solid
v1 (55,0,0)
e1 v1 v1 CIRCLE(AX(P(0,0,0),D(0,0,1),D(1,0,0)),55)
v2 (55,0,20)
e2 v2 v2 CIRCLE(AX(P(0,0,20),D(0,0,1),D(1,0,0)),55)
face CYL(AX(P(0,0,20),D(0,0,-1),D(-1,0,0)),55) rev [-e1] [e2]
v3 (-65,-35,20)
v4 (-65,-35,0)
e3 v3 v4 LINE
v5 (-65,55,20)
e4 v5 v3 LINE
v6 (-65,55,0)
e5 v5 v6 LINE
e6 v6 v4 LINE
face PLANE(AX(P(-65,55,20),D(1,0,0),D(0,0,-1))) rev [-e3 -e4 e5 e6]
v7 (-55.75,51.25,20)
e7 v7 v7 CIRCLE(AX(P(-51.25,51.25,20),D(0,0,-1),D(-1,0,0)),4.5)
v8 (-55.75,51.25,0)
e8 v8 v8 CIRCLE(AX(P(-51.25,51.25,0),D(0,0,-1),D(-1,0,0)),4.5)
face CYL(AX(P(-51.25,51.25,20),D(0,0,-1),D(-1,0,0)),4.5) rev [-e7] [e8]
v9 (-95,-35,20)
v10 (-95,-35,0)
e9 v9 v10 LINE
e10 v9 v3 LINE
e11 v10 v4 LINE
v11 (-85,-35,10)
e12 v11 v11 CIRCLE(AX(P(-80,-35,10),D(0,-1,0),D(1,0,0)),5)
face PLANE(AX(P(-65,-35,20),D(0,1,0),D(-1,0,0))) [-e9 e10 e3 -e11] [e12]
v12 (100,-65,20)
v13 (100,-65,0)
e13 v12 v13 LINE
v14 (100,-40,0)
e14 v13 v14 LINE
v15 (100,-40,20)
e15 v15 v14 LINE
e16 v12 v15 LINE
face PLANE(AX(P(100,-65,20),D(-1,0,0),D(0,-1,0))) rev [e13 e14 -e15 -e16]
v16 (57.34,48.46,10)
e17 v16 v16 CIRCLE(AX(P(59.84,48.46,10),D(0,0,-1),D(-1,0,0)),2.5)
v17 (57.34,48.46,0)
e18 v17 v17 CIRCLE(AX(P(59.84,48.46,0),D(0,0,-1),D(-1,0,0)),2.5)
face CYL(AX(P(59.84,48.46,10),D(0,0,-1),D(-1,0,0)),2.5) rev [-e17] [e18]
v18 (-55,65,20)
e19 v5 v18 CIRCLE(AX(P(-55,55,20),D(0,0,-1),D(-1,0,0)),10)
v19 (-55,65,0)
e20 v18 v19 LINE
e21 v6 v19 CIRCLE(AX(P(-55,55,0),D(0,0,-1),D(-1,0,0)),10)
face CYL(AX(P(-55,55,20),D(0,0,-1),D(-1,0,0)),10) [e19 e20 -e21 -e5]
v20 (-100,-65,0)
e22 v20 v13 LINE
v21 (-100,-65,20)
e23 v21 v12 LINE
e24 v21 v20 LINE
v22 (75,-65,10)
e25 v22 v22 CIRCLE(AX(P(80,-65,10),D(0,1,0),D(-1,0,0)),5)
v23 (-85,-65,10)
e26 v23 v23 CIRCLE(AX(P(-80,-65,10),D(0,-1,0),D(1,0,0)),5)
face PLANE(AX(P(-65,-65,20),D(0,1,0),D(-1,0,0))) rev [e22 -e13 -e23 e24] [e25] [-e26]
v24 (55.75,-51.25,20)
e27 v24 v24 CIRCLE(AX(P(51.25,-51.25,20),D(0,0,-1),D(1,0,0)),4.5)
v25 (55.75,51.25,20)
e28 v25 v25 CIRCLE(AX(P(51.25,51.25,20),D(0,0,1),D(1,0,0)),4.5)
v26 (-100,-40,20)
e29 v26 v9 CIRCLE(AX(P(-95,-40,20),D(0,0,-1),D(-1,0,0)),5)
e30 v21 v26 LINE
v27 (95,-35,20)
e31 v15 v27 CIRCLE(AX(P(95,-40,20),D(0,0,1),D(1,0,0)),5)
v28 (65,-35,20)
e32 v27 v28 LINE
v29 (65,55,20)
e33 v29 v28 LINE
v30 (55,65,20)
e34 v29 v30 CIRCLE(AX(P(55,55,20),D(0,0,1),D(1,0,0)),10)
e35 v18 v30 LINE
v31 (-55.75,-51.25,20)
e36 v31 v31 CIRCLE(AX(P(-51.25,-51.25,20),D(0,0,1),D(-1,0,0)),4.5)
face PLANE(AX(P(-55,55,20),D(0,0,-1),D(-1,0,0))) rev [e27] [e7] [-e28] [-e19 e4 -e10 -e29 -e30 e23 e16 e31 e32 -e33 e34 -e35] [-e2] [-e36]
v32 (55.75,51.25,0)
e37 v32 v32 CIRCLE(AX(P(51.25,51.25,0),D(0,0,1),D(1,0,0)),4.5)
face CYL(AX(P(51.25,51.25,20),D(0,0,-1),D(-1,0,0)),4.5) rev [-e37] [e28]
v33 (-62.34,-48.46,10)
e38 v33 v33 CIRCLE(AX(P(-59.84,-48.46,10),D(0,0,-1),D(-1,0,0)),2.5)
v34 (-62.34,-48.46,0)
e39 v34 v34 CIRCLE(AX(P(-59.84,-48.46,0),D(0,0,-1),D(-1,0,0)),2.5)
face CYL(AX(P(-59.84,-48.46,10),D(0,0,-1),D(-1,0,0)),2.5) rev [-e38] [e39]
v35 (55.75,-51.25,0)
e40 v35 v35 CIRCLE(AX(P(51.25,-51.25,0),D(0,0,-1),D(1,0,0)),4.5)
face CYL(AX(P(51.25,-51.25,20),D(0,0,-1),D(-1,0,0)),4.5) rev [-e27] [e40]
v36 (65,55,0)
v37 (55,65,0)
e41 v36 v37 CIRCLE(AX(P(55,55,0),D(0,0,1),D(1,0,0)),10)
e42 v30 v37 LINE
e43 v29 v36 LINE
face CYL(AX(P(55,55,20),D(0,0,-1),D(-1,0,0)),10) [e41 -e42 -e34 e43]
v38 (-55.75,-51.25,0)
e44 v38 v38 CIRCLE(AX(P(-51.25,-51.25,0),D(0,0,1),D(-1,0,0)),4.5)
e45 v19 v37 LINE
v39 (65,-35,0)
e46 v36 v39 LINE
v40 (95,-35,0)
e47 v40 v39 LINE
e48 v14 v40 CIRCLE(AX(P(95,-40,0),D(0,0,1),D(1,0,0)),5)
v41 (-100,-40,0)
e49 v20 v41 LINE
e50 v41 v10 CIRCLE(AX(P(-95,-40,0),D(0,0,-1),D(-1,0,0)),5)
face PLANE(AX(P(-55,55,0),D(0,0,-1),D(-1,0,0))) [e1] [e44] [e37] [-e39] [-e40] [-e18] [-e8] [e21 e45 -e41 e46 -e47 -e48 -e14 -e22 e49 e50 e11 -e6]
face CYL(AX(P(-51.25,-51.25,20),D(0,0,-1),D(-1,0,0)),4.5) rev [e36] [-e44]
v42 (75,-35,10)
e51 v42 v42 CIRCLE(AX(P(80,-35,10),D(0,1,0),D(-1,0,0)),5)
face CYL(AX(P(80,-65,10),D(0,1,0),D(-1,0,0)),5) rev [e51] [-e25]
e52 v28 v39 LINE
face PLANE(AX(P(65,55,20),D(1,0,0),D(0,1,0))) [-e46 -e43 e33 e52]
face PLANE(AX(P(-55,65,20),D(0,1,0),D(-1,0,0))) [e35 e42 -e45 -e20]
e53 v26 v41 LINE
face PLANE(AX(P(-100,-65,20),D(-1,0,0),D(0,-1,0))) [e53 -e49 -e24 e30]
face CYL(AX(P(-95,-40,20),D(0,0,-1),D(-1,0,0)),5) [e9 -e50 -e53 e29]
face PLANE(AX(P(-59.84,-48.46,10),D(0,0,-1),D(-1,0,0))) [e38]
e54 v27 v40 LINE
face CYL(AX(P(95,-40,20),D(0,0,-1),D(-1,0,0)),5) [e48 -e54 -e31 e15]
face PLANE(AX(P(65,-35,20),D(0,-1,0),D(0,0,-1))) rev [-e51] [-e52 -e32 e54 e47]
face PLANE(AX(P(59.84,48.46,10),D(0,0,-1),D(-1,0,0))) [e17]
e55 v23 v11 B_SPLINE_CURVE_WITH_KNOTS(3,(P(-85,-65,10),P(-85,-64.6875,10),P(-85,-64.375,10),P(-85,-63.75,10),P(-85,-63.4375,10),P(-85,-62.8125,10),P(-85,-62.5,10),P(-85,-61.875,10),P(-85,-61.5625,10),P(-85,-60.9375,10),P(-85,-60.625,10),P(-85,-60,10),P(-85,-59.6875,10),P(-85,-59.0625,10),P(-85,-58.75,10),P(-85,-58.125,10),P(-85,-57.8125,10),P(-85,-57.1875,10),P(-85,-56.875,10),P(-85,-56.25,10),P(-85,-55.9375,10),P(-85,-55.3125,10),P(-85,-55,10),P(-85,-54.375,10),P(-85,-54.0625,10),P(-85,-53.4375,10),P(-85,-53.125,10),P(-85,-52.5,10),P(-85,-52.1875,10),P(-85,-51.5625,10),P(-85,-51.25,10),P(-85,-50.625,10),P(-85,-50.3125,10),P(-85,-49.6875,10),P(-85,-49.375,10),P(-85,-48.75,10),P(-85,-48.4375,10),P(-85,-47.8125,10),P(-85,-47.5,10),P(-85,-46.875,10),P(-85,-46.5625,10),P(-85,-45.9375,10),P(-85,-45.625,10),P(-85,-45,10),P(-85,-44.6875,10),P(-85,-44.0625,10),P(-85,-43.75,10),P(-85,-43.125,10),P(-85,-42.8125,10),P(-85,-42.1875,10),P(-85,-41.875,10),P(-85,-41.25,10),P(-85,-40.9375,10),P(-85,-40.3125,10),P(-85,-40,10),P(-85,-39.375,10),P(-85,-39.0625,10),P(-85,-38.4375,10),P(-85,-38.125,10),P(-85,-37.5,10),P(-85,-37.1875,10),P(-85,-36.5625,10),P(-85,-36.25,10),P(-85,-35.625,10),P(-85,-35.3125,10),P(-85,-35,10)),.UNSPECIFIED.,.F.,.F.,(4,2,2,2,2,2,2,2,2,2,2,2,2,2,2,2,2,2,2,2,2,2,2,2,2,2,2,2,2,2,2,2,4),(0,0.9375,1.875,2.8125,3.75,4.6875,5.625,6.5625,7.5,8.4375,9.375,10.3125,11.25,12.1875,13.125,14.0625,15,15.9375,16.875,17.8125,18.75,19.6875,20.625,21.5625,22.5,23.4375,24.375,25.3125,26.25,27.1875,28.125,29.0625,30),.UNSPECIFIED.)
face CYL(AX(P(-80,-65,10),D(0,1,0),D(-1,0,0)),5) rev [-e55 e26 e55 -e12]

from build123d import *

# Parameters (mm, degrees)
EXTRUDE_1_DEPTH          = 20
SKETCH_2_R               = 4.5
CUT_EXTRUDE_2_DEPTH      = 95.074438611
MIRROR_2_COPY_1_SKETCH_R = 4.5
MIRROR_2_COPY_1_DEPTH    = 95.074438611
SKETCH_3_R               = 55
CUT_EXTRUDE_3_DEPTH      = 95.074438611
EXTRUDE_2_DEPTH          = 20
SKETCH_6_R               = 5
CUT_EXTRUDE_4_DEPTH      = 143.828568571
SKETCH_1312_R            = 2.5
CUT_EXTRUDE_5_DEPTH      = 10


with BuildPart() as part:
    # 草圖1 → 填料-伸長1 (new body)
    with BuildSketch(Plane.XY):
        with BuildLine():
            Line((-55, 65), (55, 65))
            ThreePointArc((55, 65), (62.071067812, 62.071067812), (65, 55))
            Line((65, 55), (65, -65))
            Line((65, -65), (-65, -65))
            Line((-65, -65), (-65, 55))
            ThreePointArc((-65, 55), (-62.071067812, 62.071067812), (-55, 65))
        make_face()
    extrude(amount=EXTRUDE_1_DEPTH)

    # 草圖2 → 除料-伸長2 (cut, through all)
    with BuildSketch(Plane.XY):
        with Locations((51.25, 51.25)):
            Circle(SKETCH_2_R)
    cut_extrude_2 = extrude(amount=CUT_EXTRUDE_2_DEPTH, mode=Mode.SUBTRACT)

    # 鏡射1: 除料-伸長2 across plane
    add(cut_extrude_2.mirror(Plane(origin=(0, 0, 0), x_dir=(0, 0, 1), z_dir=(1, 0, 0))), mode=Mode.SUBTRACT)

    # 鏡射2: 除料-伸長2 across plane
    add(cut_extrude_2.mirror(Plane.ZX), mode=Mode.SUBTRACT)

    # 鏡射2 copy 1 sketch → 鏡射2 copy 1 (cut, through all)
    with BuildSketch(Plane(origin=(0, 0, 0), x_dir=(-1, 0, 0), z_dir=(0, 0, 1))):
        with Locations((51.25, 51.25)):
            Circle(MIRROR_2_COPY_1_SKETCH_R)
    extrude(amount=MIRROR_2_COPY_1_DEPTH, mode=Mode.SUBTRACT)

    # 草圖3 → 除料-伸長3 (cut, through all)
    with BuildSketch(Plane.XY):
        Circle(SKETCH_3_R)
    extrude(amount=CUT_EXTRUDE_3_DEPTH, mode=Mode.SUBTRACT)

    # 草圖5 → 填料-伸長2 (add)
    with BuildSketch(Plane.XY):
        with BuildLine():
            Line((65, -65), (100, -65))
            Line((100, -65), (100, -40))
            ThreePointArc((100, -40), (98.535533906, -36.464466094), (95, -35))
            Line((95, -35), (65, -35))
            Line((65, -35), (65, -65))
        make_face()
    extrude_2 = extrude(amount=EXTRUDE_2_DEPTH)

    # 草圖6 → 除料-伸長4 (cut, through all)
    with BuildSketch(Plane(origin=(0, -35, 0), x_dir=(1, 0, 0), z_dir=(0, 1, 0))):
        with Locations(Location((80, -10, 0), (0, 0, 180))):
            Circle(SKETCH_6_R)
    cut_extrude_4 = extrude(amount=-CUT_EXTRUDE_4_DEPTH, mode=Mode.SUBTRACT)

    # 鏡射3: 填料-伸長2 across plane
    add(extrude_2.mirror(Plane(origin=(0, 0, 0), x_dir=(0, 0, 1), z_dir=(1, 0, 0))))

    # 鏡射4: 除料-伸長4 across plane
    add(cut_extrude_4.mirror(Plane(origin=(0, 0, 0), x_dir=(0, 0, 1), z_dir=(1, 0, 0))), mode=Mode.SUBTRACT)

    # Sketch 1312 → 除料-伸長5 (cut)
    with BuildSketch(Plane(origin=(0, 0, 0), x_dir=(-1, 0, 0), z_dir=(0, 0, -1))):
        with Locations((59.84, -48.46)):
            Circle(SKETCH_1312_R)
        with Locations((-59.84, 48.46)):
            Circle(SKETCH_1312_R)
    extrude(amount=-CUT_EXTRUDE_5_DEPTH, mode=Mode.SUBTRACT)


solid = part.part
